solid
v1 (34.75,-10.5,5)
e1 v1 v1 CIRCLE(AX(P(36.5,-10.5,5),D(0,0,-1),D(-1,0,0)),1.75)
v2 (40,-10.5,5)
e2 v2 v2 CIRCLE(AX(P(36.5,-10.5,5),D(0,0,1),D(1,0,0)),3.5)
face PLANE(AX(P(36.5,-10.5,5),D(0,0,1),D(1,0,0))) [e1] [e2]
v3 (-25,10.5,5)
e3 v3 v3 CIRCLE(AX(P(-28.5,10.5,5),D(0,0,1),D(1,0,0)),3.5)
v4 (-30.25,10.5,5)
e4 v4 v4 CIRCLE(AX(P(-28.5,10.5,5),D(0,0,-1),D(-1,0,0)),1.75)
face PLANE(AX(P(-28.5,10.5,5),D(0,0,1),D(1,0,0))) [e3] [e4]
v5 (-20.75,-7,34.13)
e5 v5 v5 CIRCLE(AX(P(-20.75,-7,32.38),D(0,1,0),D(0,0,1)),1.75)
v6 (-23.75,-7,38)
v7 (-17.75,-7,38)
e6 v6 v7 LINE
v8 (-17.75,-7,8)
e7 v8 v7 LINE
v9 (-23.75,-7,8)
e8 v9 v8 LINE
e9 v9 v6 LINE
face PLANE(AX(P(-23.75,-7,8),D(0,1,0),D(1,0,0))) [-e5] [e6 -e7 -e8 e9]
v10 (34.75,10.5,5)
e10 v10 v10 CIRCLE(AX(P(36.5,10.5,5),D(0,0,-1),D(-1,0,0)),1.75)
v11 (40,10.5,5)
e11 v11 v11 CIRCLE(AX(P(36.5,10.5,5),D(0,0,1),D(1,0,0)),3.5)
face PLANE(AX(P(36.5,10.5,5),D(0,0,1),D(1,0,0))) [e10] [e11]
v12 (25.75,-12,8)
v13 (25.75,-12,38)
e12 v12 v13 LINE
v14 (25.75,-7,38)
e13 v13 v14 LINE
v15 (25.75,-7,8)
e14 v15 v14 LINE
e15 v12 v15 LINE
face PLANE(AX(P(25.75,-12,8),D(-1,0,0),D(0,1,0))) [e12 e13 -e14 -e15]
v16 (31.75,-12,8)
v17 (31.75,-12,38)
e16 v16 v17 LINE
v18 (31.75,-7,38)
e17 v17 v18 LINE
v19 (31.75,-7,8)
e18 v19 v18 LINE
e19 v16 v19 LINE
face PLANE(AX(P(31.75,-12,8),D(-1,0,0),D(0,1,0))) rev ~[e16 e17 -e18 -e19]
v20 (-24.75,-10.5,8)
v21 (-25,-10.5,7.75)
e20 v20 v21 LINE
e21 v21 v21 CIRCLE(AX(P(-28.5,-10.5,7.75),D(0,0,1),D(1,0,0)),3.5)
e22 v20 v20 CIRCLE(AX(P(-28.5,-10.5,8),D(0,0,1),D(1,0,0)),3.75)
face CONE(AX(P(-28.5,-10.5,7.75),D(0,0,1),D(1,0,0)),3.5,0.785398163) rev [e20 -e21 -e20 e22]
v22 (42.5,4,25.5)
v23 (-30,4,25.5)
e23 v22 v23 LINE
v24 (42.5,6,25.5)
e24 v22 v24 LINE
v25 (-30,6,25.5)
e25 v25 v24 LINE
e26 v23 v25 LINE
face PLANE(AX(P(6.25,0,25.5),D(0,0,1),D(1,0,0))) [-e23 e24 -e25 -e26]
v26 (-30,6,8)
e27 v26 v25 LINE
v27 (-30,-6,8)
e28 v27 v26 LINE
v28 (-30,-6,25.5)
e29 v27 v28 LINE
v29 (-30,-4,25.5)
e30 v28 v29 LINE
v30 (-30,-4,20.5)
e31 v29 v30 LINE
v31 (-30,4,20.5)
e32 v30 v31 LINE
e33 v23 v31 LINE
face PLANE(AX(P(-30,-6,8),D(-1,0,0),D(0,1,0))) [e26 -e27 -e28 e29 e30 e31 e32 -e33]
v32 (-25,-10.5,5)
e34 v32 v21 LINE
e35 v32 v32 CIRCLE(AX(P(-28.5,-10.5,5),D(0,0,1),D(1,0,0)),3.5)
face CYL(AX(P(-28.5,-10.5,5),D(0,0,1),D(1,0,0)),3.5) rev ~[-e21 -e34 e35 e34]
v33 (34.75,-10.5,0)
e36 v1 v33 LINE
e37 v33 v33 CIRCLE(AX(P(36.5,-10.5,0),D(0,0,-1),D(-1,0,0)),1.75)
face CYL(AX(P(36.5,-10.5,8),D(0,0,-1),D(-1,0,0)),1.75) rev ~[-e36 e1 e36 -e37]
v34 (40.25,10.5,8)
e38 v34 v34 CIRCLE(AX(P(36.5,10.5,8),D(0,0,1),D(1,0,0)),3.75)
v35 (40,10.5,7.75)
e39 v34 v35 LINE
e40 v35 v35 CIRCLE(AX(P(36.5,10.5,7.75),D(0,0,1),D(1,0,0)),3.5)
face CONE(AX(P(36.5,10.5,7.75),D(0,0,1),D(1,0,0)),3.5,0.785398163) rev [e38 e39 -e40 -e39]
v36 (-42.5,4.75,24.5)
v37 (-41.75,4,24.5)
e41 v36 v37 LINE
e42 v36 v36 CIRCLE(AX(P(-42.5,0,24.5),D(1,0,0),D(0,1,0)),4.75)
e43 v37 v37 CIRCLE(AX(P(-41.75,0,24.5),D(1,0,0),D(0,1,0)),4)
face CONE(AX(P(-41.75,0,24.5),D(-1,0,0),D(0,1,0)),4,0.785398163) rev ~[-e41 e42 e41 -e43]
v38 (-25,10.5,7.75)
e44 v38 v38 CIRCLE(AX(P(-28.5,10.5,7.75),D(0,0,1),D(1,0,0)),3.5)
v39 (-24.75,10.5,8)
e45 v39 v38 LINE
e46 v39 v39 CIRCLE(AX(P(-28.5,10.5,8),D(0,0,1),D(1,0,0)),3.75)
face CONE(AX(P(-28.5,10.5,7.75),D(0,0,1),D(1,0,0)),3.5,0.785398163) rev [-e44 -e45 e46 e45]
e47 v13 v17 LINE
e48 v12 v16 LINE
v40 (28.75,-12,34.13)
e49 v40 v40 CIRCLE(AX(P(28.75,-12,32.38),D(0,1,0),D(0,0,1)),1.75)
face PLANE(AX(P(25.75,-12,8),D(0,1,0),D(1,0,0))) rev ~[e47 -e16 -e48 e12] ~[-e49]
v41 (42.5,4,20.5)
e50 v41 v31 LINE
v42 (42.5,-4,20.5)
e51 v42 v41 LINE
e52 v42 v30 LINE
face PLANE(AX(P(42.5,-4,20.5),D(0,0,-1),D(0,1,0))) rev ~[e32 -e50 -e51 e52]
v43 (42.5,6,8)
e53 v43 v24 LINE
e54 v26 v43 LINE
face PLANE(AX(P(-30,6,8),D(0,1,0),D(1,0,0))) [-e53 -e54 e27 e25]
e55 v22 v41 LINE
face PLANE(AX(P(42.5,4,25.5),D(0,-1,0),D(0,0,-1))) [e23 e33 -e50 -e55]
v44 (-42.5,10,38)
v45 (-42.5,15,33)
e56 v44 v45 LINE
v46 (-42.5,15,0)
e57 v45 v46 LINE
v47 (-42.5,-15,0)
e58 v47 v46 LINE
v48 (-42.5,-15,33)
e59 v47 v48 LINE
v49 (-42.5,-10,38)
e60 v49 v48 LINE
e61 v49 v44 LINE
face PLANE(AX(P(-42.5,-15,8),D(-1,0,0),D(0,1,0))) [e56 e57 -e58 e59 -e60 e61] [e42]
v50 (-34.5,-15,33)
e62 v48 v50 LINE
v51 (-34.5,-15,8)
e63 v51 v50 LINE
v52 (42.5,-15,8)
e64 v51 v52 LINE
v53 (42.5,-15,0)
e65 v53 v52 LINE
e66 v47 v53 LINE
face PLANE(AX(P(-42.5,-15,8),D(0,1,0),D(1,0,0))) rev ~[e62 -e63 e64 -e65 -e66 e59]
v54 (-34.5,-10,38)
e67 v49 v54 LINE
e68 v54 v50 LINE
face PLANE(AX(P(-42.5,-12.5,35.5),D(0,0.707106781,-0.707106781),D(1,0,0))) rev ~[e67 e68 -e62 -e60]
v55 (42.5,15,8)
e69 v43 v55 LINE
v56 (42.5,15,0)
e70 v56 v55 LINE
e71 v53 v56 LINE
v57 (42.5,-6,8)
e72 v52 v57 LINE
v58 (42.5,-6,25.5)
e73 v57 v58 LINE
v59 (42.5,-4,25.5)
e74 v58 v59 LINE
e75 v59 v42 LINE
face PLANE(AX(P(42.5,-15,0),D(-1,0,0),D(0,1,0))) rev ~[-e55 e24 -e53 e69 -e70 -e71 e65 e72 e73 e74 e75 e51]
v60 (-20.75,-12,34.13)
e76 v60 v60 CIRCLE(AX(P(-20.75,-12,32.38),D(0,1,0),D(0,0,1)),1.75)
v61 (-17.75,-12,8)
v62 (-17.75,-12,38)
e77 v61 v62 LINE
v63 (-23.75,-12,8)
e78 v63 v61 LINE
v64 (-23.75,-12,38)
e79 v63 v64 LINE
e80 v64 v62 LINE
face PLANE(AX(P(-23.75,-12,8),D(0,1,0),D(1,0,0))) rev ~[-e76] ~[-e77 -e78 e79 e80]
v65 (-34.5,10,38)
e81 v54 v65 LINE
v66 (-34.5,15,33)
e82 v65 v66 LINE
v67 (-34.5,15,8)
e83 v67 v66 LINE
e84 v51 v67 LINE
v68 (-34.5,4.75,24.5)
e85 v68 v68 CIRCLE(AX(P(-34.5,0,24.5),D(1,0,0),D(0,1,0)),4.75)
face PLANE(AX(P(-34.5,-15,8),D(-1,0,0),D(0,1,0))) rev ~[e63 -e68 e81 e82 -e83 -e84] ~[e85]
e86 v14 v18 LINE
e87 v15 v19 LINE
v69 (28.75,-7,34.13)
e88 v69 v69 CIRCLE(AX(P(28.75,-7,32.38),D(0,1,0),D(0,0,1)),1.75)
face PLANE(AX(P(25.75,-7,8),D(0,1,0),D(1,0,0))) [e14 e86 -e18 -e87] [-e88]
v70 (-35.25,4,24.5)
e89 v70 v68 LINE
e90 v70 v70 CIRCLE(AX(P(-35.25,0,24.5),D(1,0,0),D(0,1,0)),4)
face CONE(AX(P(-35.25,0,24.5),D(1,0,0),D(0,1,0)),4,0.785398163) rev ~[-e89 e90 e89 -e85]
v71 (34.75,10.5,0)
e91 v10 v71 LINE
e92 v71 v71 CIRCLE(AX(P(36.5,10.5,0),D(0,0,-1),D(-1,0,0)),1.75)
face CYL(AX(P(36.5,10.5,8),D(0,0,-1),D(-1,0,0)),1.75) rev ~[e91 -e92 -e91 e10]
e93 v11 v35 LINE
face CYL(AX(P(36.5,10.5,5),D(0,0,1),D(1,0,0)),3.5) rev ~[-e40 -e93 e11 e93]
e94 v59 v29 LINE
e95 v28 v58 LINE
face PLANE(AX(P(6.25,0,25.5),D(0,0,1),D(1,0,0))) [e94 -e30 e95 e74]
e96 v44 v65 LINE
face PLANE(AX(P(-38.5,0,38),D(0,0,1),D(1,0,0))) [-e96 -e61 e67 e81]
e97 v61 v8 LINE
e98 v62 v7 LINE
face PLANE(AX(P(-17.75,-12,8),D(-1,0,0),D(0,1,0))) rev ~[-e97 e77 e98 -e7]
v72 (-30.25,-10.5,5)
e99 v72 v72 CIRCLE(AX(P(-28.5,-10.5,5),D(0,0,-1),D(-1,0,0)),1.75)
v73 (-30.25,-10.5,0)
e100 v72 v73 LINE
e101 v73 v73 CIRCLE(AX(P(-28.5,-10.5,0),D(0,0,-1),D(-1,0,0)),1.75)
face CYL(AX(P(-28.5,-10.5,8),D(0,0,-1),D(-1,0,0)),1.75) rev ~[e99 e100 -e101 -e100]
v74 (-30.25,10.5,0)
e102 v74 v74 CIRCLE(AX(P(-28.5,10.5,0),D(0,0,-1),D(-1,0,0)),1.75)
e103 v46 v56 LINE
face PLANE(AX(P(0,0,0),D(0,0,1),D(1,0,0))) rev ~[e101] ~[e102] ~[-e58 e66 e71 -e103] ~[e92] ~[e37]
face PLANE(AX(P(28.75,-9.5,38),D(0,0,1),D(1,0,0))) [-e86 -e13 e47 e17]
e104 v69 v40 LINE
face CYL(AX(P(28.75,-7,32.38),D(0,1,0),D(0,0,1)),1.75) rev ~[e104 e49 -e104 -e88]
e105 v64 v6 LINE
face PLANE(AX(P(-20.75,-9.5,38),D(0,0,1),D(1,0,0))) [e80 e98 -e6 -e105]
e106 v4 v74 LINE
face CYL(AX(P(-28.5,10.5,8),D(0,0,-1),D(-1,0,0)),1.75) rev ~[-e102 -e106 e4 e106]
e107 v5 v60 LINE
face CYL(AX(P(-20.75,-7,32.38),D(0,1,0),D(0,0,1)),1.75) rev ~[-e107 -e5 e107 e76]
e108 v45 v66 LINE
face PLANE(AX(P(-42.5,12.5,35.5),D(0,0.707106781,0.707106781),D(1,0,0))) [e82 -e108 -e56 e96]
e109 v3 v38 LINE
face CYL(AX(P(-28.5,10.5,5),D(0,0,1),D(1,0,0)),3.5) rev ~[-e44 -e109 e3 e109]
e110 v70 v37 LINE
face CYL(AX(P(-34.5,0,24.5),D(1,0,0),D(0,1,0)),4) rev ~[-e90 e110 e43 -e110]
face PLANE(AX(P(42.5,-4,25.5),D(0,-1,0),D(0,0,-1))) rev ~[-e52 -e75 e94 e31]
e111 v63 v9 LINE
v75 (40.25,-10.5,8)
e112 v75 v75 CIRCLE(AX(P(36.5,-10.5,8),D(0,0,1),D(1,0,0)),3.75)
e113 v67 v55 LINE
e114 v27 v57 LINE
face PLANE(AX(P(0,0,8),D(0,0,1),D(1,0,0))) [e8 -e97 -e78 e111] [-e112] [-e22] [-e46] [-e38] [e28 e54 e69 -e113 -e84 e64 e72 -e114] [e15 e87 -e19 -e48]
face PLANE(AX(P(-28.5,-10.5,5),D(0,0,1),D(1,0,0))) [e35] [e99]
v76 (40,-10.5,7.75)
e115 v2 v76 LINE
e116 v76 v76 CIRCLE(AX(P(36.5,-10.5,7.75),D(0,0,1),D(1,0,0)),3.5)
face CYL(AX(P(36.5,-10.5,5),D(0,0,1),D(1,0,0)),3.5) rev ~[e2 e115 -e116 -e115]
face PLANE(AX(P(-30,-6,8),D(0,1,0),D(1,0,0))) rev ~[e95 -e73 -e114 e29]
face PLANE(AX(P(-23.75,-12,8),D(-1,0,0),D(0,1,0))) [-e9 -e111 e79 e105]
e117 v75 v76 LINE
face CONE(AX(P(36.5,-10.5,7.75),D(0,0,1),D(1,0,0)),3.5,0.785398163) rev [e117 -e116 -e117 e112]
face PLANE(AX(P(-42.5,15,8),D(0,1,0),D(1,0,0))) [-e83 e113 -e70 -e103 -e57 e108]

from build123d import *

# Parameters (mm, degrees)
CROQUIS1_W                                           = 85
CROQUIS1_H                                           = 30
EXTRUIR1_DEPTH                                       = 8
CROQUIS2_W                                           = 8
CROQUIS2_H                                           = 30
EXTRUIR2_DEPTH                                       = 30
CROQUIS3_W                                           = 72.5
CROQUIS3_H                                           = 12
EXTRUIR3_DEPTH                                       = 17.5
CROQUIS4_W                                           = 5
CROQUIS4_H                                           = 8
CORTAR_EXTRUIR1_DEPTH                                = 72.5
CHAFL_N1_SIZE                                        = 5
CROQUIS5_R                                           = 4
CORTAR_EXTRUIR2_DEPTH                                = 20
CHAFL_N2_SIZE                                        = 0.75
REFRENTADO_PARA_TORNILLO_DE_CABEZA_ALLEN_D           = 3.5
REFRENTADO_PARA_TORNILLO_DE_CABEZA_ALLEN_CBORE_D     = 7
REFRENTADO_PARA_TORNILLO_DE_CABEZA_ALLEN_CBORE_DEPTH = 3
CHAFL_N3_SIZE                                        = 0.25
CROQUIS9_W                                           = 6
CROQUIS9_H                                           = 5
SALIENTE_EXTRUIR1_DEPTH                              = 30
CROQUIS10_R                                          = 1.75
CORTAR_EXTRUIR3_DEPTH                                = 5
CROQUIS11_R                                          = 1.75
CORTAR_EXTRUIR4_DEPTH                                = 5


with BuildPart() as part:
    # Croquis1 → Extruir1 (new body)
    with BuildSketch(Plane.XY):
        Rectangle(CROQUIS1_W, CROQUIS1_H)
    extrude(amount=EXTRUIR1_DEPTH)

    # Croquis2 → Extruir2 (add)
    with BuildSketch(Plane.XY.offset(8)):
        with Locations((-38.5, 0)):
            Rectangle(CROQUIS2_W, CROQUIS2_H)
    extrude(amount=EXTRUIR2_DEPTH)

    # Croquis3 → Extruir3 (add)
    with BuildSketch(Plane.XY.offset(8)):
        with Locations((6.25, 0)):
            Rectangle(CROQUIS3_W, CROQUIS3_H)
    extrude(amount=EXTRUIR3_DEPTH)

    # Croquis4 → Cortar-Extruir1 (cut)
    with BuildSketch(Plane(origin=(42.5, 0, 0), x_dir=(0, 0, -1), z_dir=(1, 0, 0))):
        with Locations((-23, 0)):
            Rectangle(CROQUIS4_W, CROQUIS4_H)
    extrude(amount=-CORTAR_EXTRUIR1_DEPTH, mode=Mode.SUBTRACT)

    # Chaflán1
    chafl_n1_edges = [part.edges().sort_by_distance(p)[0] for p in [
        (-38.5, -15, 38),
        (-38.5, 15, 38),
    ]]
    chamfer(chafl_n1_edges, length=CHAFL_N1_SIZE)

    # Croquis5 → Cortar-Extruir2 (cut)
    with BuildSketch(Plane(origin=(-34.5, 0, 0), x_dir=(0, 0, -1), z_dir=(1, 0, 0))):
        with Locations(Location((-24.5, 0, 0), (0, 0, 90))):
            Circle(CROQUIS5_R)
    extrude(amount=-CORTAR_EXTRUIR2_DEPTH, mode=Mode.SUBTRACT)

    # Chaflán2
    chafl_n2_edges = [part.edges().sort_by_distance(p)[0] for p in [
        (-42.5, -4, 24.5),
        (-34.5, -4, 24.5),
    ]]
    chamfer(chafl_n2_edges, length=CHAFL_N2_SIZE)

    # Refrentado para tornillo de cabeza allen de M6-1 (through all)
    with Locations(Plane.XY.offset(8)):
        with Locations((-28.5, 10.5), (-28.5, -10.5), (36.5, -10.5), (36.5, 10.5)):
            CounterBoreHole(REFRENTADO_PARA_TORNILLO_DE_CABEZA_ALLEN_D / 2, REFRENTADO_PARA_TORNILLO_DE_CABEZA_ALLEN_CBORE_D / 2, REFRENTADO_PARA_TORNILLO_DE_CABEZA_ALLEN_CBORE_DEPTH)

    # Chaflán3
    chafl_n3_edges = [part.edges().sort_by_distance(p)[0] for p in [
        (-32, 10.5, 8),
        (33, 10.5, 8),
        (33, -10.5, 8),
        (-32, -10.5, 8),
    ]]
    chamfer(chafl_n3_edges, length=CHAFL_N3_SIZE)

    # Croquis9 → Saliente-Extruir1 (add)
    with BuildSketch(Plane.XY.offset(8)):
        with Locations((-20.75, -9.5)):
            Rectangle(CROQUIS9_W, CROQUIS9_H)
        with Locations((28.75, -9.5)):
            Rectangle(CROQUIS9_W, CROQUIS9_H)
    extrude(amount=SALIENTE_EXTRUIR1_DEPTH)

    # Croquis10 → Cortar-Extruir3 (cut)
    with BuildSketch(Plane(origin=(0, -7, 0), x_dir=(1, 0, 0), z_dir=(0, 1, 0))):
        with Locations(Location((-20.75, -32.38, 0), (0, 0, 270))):
            Circle(CROQUIS10_R)
    extrude(amount=-CORTAR_EXTRUIR3_DEPTH, mode=Mode.SUBTRACT)

    # Croquis11 → Cortar-Extruir4 (cut)
    with BuildSketch(Plane(origin=(0, -7, 0), x_dir=(1, 0, 0), z_dir=(0, 1, 0))):
        with Locations(Location((28.75, -32.38, 0), (0, 0, 270))):
            Circle(CROQUIS11_R)
    extrude(amount=-CORTAR_EXTRUIR4_DEPTH, mode=Mode.SUBTRACT)


solid = part.part
